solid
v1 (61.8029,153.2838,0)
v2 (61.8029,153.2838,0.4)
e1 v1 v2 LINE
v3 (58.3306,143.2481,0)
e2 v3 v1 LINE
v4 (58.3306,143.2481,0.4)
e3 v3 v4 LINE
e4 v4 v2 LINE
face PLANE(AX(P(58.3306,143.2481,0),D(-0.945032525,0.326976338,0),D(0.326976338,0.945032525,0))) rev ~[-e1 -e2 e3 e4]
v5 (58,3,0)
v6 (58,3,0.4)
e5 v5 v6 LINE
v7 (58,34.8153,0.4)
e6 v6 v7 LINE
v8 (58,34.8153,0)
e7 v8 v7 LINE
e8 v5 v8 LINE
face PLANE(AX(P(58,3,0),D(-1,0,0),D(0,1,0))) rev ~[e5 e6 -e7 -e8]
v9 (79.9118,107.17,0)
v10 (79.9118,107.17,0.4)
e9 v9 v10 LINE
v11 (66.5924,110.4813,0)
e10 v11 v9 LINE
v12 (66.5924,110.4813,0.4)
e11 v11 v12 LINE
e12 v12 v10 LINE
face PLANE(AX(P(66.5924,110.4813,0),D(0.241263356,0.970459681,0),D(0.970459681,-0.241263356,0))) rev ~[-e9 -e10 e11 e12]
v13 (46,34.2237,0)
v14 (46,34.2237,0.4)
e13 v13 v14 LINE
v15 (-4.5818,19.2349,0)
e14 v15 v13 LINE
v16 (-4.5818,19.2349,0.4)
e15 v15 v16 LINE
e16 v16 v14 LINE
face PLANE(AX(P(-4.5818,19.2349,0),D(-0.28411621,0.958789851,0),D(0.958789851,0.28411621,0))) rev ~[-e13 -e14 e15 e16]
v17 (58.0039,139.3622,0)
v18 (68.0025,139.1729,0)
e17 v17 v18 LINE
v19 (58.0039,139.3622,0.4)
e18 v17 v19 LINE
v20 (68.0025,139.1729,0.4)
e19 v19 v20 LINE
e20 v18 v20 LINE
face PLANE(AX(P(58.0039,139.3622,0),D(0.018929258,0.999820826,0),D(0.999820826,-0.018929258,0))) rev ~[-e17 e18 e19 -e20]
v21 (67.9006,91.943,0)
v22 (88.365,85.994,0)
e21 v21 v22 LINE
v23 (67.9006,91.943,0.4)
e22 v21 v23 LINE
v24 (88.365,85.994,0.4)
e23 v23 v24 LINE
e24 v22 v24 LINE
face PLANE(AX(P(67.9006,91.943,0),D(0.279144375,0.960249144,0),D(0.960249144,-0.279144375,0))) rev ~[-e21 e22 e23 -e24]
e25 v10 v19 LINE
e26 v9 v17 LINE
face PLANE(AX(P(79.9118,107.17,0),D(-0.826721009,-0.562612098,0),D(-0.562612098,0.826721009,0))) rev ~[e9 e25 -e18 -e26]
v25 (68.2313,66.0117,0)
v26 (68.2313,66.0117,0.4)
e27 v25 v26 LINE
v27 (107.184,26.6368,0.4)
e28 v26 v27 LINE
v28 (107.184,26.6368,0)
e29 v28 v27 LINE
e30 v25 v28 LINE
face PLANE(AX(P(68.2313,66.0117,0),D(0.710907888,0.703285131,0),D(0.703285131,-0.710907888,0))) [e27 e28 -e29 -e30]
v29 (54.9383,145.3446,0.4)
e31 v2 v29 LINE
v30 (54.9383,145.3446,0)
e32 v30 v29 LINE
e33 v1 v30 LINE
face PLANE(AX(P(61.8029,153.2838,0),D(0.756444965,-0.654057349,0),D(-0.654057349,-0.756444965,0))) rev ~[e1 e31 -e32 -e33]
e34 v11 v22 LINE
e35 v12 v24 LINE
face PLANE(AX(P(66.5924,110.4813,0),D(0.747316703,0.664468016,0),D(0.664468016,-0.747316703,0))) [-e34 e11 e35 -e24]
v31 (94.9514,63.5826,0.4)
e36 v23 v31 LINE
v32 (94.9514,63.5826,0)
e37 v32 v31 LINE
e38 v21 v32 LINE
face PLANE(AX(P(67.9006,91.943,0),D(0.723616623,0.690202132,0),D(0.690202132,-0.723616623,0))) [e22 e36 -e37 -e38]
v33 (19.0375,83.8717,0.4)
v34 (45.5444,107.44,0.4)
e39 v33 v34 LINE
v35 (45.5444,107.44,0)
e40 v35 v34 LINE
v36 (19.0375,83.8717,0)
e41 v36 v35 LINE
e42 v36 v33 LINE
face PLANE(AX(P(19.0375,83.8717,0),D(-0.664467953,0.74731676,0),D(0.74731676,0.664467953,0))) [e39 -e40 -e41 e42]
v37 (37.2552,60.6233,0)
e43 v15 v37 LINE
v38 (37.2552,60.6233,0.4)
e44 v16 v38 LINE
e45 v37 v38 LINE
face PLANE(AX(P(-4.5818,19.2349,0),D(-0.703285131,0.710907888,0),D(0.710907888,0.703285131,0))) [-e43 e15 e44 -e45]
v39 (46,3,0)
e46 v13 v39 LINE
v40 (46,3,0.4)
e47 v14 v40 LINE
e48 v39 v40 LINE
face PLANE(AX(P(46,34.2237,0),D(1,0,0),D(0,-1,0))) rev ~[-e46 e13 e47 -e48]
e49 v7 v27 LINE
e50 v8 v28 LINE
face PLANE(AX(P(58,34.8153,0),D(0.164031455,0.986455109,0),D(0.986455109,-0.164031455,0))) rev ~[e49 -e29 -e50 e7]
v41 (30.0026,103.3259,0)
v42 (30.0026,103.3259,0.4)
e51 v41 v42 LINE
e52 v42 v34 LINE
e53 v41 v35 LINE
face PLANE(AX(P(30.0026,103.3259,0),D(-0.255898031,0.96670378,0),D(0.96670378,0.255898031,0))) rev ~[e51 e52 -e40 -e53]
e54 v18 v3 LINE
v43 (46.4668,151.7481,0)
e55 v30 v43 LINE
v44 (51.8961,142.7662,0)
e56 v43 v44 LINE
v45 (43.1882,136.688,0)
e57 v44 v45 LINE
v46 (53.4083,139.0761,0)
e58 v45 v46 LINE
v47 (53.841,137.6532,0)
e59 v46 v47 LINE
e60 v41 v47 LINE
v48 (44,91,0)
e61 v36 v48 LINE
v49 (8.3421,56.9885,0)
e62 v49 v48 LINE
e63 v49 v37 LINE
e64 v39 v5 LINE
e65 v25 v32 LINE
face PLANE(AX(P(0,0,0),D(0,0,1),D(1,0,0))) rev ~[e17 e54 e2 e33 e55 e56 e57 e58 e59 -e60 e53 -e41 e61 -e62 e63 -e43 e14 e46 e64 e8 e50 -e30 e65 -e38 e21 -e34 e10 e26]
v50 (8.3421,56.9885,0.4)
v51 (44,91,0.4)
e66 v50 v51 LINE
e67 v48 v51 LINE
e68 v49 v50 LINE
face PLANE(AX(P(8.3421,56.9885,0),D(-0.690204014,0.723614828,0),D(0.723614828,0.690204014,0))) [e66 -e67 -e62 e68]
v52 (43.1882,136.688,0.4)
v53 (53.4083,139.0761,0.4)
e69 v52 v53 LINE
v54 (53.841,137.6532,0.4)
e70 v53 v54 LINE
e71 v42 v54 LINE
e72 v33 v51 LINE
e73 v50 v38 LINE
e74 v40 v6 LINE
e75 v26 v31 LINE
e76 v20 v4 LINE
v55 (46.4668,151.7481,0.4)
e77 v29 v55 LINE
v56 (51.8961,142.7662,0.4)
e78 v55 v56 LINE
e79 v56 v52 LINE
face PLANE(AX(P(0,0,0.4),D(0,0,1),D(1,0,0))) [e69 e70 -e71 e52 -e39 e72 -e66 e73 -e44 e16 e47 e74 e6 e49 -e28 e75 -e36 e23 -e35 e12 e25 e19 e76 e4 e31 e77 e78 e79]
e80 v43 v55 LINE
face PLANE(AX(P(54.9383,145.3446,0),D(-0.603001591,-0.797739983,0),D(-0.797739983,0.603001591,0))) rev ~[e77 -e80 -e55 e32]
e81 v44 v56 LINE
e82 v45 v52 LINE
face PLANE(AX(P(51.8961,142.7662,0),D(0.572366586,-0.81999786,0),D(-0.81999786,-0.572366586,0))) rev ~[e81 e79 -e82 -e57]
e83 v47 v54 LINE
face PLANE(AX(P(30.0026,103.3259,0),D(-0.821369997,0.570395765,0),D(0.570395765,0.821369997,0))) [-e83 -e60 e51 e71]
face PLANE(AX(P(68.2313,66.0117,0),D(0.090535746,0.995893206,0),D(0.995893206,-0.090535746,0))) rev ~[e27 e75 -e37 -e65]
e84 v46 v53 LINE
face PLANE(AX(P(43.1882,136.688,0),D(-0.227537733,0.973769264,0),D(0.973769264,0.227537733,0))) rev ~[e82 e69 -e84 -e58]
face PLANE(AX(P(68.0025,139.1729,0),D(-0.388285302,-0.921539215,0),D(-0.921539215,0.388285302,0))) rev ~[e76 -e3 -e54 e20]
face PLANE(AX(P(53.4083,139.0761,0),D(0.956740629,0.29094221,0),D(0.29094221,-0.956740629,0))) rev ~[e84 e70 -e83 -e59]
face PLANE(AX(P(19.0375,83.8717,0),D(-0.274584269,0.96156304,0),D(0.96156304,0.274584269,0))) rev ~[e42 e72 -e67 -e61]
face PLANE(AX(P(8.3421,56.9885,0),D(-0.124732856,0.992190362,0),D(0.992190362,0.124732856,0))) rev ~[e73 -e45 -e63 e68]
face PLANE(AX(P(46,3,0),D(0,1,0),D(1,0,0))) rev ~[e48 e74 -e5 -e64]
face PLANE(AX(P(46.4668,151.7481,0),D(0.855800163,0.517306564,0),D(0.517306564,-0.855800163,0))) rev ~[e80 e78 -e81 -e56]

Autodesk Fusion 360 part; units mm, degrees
sketch "christmas tree" plane through (0, 0, 0) normal (0, 0, 1) x (1, 0, 0)
  line L0 (46, 3) -> (58, 3)
  line L1 (58, 3) -> (58, 34.8153)
  line L2 (46, 35.3486) -> (46, 3)
  line L3 (-4.5818, 19.2349) -> (37.2552, 60.6233)
  line L4 (68.2313, 66.0117) -> (107.184, 26.6368)
  line L5 (-4.5818, 19.2349) -> (46, 34.2237)
  line L6 (58, 34.8153) -> (107.184, 26.6368)
  line L7 (67.9006, 91.943) -> (94.9514, 63.5826)
  line L8 (8.3421, 56.9885) -> (37.2552, 60.6233)
  line L9 (8.3421, 56.9885) -> (44, 91)
  line L10 (68.2313, 66.0117) -> (94.9514, 63.5826)
  line L11 (66.5924, 110.4813) -> (88.365, 85.994)
  line L12 (67.9006, 91.943) -> (88.365, 85.994)
  line L13 (19.0375, 83.8717) -> (44, 91)
  line L14 (19.0375, 83.8717) -> (45.5444, 107.44)
  line L15 (66.5924, 110.4813) -> (79.9118, 107.17)
  line L16 (30.0026, 103.3259) -> (45.5444, 107.44)
  line L17 (30.0026, 103.3259) -> (53.841, 137.6532)
  line L18 (79.9118, 107.17) -> (58.0039, 139.3622)
  line L19 (46.4668, 151.7481) -> (51.8961, 142.7662)
  line L20 (54.9383, 145.3446) -> (46.4668, 151.7481)
  line L21 (43.1882, 136.688) -> (53.4083, 139.0761)
  line L22 (51.8961, 142.7662) -> (43.1882, 136.688)
  line L23 (53.4083, 139.0761) -> (53.841, 137.6532)
  line L24 (58.0039, 139.3622) -> (68.0025, 139.1729)
  line L25 (61.8029, 153.2838) -> (54.9383, 145.3446)
  line L26 (58.3306, 143.2481) -> (61.8029, 153.2838)
  line L27 (68.0025, 139.1729) -> (58.3306, 143.2481)
  point P0 (56.5309, 66.7861)
extrude "Extrude23" add sketch "christmas tree" along normal blind 0.4
equation "fingerWidth = 10 mm"
equation "length = 80 mm"
equation "thickness = 3.175 mm"
equation "height = 45 mm"
equation "toolDiameter = 2 mm"
equation "boneCenterToHoleBottom = toolDiameter / 2 / sqrt(2) - 0 * kerf" comment "Best: 2.001 -2*kerf, 0.1;;;Best: 2.001 no kerf and 0.1   OLD+6 kerf at 2.001 Diam and .1 mm"
equation "tempLengthPieces = ceil(( ( floor(( length - 2 * thickness ) / fingerWidth) - 2 ) - ( ( floor(( length - 2 * thickness ) / fingerWidth) - 2 ) % 2 - 1 ) ))"
equation "lengthCuts = ceil(tempLengthPieces / 2)"
equation "shoulderToothLength = ( length - fingerWidth * tempLengthPieces ) / 2 - kerf"
equation "depth = 50 mm"
equation "tempDepthPieces = ceil(( ( floor(( depth - 2 * thickness ) / fingerWidth) - 2 ) - ( ( floor(( depth - 2 * thickness ) / fingerWidth) - 2 ) % 2 - 1 ) ))"
equation "depthCuts = ceil(tempDepthPieces / 2)"
equation "shoulderToothDepth = ( depth - fingerWidth * tempDepthPieces ) / 2 - kerf"
equation "tempHeightPieces = ceil(( ( floor(( height - 2 * thickness ) / fingerWidth) - 2 ) - ( ( floor(( height - 2 * thickness ) / fingerWidth) - 2 ) % 2 - 1 ) ))"
equation "heightCuts = ceil(tempHeightPieces / 2)"
equation "sholderToothHeight = ( height - fingerWidth * tempHeightPieces ) / 2 - kerf"
equation "kerf = -0.095 mm"
equation "holeWidth = fingerWidth + 2 * kerf"
equation "shoulderHoleLength = shoulderToothLength + 2 * kerf"
equation "shouderHoleDepth = shoulderToothDepth + 2 * kerf"
equation "shoulderHoleHeight = sholderToothHeight + 2 * kerf"
equation "assembleScrewDiam = 2.1 mm"
equation "assembleScrewDistance = 6 mm"
equation "assembleAvoidCollisionDistance = 1 mm"
equation "coolingHoleDistance = 8 mm"
equation "boneCornerToCenterPack = -3 * kerf"
equation "boneCenterToHoleSide = boneCenterToHoleBottom - boneCornerToCenterPack"
equation "pumpLength = 52 mm"
equation "pumpCircleDiam = 30 mm"
equation "pumpHeight = 34 mm"
equation "sensorWireDistance = 10 mm"
equation "sensorWireDiam = 3.5 mm"
equation "pumpScrewDiam = 3 mm"
equation "pcbMountHoles = 2 mm"
equation "ventDiameter = 3 mm"
equation "platformGrommetMountDiameter = 3.5 mm"
equation "hangerWireDiameter = 2 mm"
equation "topPillowHoleDistance = 22 mm"
equation "extraLineHeight = ( max(-appendix + ( sholderToothHeight - thickness ); 0.001 mm) )"
equation "appendix = fingerWidth - 2 * kerf"
equation "extraLineLength = ( max(-appendix + ( shoulderToothLength ); 0.001 mm) )"
equation "extraLineDepth = ( max(-appendix + ( shoulderToothDepth ); 0.001 mm) )"
